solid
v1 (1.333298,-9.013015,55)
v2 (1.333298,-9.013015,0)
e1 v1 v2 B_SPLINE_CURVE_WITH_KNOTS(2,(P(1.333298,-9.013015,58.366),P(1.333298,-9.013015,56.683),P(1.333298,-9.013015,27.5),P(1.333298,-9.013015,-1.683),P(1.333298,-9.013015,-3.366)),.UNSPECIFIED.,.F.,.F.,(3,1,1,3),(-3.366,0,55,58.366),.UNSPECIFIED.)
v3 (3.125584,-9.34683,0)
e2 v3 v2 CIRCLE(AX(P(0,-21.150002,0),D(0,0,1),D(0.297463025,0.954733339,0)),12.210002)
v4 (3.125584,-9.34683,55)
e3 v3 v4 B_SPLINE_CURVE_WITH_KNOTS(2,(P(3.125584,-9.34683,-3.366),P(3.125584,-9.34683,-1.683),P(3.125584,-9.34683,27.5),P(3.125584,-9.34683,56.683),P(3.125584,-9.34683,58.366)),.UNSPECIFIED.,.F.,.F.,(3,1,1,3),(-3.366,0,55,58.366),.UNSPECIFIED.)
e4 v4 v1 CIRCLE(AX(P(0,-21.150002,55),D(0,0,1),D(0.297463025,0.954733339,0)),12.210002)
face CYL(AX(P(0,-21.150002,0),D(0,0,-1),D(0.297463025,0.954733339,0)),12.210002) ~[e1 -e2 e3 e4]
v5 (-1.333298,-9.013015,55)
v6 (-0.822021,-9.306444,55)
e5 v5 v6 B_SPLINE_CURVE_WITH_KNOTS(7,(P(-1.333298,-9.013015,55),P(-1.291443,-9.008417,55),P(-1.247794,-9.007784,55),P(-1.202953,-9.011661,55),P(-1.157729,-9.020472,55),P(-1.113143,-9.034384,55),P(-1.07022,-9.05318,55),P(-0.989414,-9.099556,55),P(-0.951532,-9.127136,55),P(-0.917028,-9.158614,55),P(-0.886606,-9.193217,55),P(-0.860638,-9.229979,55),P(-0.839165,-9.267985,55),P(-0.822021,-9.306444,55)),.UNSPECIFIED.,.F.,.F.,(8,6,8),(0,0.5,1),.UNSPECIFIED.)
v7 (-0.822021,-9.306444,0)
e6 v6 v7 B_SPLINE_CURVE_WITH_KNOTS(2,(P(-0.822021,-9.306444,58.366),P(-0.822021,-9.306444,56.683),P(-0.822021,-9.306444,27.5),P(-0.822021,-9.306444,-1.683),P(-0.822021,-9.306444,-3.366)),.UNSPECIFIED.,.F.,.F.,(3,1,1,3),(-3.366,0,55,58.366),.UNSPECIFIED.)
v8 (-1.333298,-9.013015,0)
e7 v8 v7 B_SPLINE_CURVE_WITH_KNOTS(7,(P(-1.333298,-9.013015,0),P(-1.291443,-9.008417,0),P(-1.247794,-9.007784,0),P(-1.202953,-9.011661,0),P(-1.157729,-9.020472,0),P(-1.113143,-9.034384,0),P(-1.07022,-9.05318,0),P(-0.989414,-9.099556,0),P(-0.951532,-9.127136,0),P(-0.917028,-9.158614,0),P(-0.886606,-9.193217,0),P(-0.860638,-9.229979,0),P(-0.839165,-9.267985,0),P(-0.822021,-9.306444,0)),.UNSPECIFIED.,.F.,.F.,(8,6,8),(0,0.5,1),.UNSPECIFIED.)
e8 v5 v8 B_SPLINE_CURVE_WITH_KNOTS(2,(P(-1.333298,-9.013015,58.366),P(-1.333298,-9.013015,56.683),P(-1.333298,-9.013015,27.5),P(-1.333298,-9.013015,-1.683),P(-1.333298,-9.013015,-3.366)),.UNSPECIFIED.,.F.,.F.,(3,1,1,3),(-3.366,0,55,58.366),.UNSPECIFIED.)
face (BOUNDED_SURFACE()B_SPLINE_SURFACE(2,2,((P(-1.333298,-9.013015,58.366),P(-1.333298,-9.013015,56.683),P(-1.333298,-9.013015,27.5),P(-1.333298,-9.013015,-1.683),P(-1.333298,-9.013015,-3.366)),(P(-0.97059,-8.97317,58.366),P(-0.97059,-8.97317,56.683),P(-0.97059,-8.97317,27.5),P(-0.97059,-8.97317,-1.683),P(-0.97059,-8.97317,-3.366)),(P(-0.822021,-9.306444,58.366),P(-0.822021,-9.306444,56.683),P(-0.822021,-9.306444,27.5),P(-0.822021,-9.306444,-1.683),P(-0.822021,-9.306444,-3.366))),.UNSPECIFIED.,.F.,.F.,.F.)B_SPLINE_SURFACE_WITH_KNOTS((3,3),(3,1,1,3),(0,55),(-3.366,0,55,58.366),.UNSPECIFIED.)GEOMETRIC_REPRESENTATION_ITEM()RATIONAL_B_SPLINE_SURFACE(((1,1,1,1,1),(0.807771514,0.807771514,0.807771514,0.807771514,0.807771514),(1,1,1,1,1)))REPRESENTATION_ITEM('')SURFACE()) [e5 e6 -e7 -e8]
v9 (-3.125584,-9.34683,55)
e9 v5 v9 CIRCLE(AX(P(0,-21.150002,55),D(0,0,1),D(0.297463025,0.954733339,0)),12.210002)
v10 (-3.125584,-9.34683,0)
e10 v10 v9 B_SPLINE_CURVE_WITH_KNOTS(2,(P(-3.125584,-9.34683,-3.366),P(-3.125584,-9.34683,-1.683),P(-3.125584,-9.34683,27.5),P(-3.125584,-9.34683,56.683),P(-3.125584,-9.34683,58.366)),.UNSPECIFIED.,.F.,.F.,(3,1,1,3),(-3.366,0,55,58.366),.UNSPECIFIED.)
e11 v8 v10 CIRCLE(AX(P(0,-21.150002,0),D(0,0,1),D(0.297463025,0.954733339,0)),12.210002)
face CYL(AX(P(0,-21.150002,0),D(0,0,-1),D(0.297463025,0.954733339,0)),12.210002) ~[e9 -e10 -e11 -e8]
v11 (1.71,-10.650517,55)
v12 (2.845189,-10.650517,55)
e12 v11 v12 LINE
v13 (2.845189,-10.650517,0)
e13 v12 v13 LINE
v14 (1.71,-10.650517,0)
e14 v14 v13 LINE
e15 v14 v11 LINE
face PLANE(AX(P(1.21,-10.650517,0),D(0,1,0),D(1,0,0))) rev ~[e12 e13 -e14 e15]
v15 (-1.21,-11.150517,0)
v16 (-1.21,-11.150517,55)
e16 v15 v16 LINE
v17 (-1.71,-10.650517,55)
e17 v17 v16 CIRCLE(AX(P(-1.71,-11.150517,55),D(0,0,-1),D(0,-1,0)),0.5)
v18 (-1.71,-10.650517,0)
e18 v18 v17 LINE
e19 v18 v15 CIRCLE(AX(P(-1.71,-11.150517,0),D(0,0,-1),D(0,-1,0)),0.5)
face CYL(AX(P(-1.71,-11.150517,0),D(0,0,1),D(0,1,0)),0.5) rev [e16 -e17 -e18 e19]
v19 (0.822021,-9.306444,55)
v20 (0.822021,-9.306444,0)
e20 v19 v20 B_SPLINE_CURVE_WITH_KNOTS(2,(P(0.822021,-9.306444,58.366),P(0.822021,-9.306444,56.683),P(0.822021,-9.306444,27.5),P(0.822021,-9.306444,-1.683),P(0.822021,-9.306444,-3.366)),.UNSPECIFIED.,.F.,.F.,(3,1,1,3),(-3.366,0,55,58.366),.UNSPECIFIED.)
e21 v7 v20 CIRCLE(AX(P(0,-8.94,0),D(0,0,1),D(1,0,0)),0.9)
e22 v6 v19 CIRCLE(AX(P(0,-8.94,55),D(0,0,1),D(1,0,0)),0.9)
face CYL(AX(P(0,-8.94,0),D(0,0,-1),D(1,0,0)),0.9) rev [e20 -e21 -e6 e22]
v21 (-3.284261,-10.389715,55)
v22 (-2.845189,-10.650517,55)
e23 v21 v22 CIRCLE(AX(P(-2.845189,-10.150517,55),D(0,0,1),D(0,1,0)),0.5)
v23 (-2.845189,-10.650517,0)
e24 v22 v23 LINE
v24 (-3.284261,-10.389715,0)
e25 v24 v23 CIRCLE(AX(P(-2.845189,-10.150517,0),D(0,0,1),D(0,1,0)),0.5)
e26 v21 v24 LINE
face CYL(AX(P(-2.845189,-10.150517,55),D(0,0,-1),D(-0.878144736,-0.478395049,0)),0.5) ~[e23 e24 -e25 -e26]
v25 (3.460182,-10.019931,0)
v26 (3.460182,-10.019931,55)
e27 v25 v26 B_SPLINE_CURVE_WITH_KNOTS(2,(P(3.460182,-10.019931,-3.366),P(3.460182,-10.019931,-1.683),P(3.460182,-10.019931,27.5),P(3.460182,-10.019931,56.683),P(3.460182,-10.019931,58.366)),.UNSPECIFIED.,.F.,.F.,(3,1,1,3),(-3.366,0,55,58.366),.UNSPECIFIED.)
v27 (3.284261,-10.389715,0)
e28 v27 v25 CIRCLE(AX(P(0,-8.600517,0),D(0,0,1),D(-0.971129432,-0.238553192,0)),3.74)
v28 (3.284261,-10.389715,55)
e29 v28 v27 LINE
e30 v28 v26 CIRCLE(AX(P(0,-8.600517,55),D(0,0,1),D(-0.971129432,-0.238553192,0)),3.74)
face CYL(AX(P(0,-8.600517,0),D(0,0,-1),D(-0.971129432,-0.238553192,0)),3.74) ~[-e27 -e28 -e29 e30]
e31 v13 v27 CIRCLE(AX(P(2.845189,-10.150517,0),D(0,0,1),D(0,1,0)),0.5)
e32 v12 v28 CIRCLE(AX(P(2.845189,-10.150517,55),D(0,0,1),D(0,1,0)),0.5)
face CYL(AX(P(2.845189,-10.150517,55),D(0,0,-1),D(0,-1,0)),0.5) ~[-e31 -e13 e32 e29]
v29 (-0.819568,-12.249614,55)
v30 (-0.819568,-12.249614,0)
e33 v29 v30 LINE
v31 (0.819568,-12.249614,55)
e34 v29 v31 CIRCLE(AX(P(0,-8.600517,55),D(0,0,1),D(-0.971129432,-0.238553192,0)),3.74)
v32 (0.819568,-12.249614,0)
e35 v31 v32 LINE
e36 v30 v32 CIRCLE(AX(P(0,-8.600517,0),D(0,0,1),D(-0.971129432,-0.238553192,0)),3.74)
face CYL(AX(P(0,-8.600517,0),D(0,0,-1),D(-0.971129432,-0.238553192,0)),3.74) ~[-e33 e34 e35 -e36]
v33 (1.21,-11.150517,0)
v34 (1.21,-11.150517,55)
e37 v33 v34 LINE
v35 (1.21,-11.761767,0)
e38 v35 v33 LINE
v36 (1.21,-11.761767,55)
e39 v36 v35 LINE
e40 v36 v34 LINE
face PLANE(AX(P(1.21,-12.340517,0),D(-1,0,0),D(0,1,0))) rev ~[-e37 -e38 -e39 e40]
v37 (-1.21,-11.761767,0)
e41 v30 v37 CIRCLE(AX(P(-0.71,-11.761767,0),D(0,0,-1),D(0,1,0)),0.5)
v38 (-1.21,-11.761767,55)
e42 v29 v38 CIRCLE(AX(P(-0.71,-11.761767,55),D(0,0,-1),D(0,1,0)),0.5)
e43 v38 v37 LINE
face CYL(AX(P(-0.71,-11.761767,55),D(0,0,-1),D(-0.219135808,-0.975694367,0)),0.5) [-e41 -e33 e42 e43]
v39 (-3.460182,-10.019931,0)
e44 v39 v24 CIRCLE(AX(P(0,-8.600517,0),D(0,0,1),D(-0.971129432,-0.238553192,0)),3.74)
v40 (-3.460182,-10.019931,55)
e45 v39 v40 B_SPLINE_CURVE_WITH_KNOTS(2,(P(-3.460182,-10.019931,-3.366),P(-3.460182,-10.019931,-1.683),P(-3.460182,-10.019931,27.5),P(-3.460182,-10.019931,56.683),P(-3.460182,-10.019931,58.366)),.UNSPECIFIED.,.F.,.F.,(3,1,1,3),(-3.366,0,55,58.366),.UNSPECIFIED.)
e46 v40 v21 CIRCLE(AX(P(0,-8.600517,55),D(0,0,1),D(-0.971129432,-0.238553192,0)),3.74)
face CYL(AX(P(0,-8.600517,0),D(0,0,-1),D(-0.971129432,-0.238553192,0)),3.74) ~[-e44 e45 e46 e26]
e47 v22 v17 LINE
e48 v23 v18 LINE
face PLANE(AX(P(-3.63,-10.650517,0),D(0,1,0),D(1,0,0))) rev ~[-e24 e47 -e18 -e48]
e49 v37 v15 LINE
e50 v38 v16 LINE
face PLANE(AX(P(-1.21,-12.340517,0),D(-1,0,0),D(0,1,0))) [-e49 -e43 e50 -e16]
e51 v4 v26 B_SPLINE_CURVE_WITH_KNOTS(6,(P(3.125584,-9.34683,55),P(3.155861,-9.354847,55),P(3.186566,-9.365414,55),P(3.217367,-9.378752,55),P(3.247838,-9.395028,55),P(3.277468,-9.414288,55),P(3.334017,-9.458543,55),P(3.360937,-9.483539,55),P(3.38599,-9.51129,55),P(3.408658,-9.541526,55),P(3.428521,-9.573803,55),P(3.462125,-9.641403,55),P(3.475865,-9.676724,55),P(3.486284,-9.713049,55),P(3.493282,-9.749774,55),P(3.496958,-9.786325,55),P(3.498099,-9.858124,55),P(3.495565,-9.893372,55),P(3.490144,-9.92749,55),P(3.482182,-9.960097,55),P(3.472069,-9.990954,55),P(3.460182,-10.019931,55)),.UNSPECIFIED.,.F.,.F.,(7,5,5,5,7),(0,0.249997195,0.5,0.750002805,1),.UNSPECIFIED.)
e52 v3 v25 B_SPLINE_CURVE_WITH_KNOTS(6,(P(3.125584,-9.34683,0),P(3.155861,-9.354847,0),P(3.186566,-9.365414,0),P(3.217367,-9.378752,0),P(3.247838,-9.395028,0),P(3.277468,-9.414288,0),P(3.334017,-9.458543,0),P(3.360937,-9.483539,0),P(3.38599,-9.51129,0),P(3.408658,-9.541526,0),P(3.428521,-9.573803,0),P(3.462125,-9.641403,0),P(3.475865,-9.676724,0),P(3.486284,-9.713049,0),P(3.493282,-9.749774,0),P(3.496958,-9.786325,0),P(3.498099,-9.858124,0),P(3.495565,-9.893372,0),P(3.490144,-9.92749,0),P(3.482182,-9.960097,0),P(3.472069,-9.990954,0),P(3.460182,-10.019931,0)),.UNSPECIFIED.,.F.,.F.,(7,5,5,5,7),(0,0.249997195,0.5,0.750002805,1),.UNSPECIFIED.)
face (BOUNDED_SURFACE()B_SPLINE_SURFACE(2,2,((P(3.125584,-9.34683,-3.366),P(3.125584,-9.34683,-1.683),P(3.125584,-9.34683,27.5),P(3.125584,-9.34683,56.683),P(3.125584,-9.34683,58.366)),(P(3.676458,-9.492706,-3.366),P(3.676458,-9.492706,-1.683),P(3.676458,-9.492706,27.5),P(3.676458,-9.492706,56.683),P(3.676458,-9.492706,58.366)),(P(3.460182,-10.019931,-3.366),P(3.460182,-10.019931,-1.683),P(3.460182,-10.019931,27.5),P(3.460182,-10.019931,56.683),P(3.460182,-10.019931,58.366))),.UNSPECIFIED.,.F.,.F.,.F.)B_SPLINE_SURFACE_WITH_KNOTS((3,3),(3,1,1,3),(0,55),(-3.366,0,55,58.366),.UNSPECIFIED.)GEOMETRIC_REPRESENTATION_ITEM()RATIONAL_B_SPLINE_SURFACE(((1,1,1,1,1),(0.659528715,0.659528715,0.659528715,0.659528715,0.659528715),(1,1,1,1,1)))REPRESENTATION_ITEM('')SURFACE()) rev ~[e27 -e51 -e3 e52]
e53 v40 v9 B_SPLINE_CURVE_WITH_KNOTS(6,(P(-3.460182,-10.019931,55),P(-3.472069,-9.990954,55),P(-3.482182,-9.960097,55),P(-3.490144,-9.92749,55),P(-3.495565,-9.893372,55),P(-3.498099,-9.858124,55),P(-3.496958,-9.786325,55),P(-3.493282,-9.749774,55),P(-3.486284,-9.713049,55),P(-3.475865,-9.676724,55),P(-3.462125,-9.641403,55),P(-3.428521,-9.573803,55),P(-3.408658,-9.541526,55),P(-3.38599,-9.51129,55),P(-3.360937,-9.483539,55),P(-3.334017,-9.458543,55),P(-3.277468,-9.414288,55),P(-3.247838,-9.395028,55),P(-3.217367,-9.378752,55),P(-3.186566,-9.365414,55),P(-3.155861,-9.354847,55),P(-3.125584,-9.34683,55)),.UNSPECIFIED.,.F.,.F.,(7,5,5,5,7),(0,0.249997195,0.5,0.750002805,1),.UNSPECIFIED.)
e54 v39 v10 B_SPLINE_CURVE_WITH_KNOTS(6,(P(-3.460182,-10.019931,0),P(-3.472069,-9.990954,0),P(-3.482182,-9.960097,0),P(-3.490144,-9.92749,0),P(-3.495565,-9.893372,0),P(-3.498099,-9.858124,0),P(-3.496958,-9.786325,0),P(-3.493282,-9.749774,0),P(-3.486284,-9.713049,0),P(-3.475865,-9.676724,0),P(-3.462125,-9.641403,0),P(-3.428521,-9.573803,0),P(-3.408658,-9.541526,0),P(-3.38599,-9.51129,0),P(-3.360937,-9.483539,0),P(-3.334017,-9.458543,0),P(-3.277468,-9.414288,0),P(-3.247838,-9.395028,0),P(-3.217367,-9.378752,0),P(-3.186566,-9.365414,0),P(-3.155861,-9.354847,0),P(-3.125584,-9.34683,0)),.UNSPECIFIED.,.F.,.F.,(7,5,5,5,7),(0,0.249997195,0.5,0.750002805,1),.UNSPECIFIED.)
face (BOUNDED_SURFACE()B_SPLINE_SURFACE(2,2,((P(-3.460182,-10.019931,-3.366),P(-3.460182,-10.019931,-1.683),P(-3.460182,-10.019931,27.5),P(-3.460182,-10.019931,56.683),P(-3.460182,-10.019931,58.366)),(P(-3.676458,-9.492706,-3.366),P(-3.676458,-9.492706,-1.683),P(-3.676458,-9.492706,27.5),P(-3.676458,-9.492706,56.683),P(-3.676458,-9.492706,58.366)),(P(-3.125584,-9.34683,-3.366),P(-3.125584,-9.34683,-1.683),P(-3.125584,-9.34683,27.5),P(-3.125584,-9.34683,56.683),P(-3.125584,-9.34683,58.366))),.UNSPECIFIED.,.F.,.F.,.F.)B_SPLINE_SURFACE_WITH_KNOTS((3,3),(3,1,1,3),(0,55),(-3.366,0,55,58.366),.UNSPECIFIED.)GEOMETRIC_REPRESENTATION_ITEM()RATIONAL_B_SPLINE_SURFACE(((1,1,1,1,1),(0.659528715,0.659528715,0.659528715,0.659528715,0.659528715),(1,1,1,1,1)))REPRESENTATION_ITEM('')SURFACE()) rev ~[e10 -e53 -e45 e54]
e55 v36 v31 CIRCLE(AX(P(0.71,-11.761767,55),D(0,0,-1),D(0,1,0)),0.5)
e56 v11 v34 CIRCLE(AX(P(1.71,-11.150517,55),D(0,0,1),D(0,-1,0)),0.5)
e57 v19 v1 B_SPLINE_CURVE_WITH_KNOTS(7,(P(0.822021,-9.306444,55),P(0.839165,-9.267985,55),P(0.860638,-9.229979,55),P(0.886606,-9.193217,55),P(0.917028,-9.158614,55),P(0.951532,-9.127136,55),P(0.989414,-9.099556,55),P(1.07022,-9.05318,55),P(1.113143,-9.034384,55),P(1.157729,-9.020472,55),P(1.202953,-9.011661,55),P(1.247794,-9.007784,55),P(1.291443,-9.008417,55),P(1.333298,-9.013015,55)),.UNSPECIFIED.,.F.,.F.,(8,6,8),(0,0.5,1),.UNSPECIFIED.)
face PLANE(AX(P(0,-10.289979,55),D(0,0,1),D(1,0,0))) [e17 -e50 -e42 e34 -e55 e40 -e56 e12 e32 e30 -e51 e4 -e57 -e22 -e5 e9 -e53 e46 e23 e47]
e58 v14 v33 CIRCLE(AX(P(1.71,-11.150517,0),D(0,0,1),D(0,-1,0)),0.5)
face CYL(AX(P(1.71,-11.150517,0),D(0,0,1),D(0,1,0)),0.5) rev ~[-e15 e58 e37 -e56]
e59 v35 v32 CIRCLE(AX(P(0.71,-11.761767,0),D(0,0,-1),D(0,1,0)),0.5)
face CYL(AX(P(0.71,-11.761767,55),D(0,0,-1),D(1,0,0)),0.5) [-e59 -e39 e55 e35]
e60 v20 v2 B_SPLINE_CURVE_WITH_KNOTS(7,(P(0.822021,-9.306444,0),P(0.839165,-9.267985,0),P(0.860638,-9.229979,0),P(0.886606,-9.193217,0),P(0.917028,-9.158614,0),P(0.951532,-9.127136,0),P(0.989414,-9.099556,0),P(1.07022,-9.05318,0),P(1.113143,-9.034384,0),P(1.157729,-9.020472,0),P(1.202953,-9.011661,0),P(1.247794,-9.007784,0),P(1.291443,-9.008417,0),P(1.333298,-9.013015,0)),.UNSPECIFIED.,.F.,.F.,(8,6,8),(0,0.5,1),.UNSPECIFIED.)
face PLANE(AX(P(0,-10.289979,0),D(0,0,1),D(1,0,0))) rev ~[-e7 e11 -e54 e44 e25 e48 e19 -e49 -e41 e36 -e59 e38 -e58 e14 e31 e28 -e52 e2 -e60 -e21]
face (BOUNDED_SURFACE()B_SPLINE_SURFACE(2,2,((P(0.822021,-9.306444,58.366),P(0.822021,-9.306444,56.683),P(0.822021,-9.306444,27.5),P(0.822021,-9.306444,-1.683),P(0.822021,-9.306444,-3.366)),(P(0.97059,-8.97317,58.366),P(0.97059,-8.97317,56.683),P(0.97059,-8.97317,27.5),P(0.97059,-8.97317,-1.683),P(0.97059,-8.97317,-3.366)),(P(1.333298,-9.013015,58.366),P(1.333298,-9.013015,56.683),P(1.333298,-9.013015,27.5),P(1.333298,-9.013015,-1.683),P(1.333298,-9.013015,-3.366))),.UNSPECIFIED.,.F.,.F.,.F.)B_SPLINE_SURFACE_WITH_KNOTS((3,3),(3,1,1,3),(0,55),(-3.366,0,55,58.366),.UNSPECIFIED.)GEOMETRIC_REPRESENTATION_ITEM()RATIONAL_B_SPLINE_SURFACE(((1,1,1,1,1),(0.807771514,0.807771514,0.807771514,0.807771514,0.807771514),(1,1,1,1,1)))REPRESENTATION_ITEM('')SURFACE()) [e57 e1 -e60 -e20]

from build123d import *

# Parameters (mm, degrees)
CYLINDER001_R     = 0.9
CYLINDER001_DEPTH = 55
BOX006_W          = 2.42
BOX006_H          = 1.69
BOX006_DEPTH      = 55
BOX005_W          = 2.42
BOX005_H          = 1.69
BOX005_DEPTH      = 55
EXTRUDE010_DEPTH  = 55
FILLET010_R       = 0.5


with BuildPart() as cilindro:
    # Cylinder001 → Cylinder001 (new body)
    with BuildSketch(Plane(origin=(0, 12.21, 0), x_dir=(1, 0, 0), z_dir=(0, 0, 1))):
        Circle(CYLINDER001_R)
    extrude(amount=CYLINDER001_DEPTH)


with BuildPart() as cubo_der:
    # Box006 → Box006 (new body)
    with BuildSketch(Plane(origin=(1.21, 8.809483, 0), x_dir=(1, 0, 0), z_dir=(0, 0, 1))):
        with Locations((1.21, 0.845)):
            Rectangle(BOX006_W, BOX006_H)
    extrude(amount=BOX006_DEPTH)


with BuildPart() as cubo_izq:
    # Box005 → Box005 (new body)
    with BuildSketch(Plane(origin=(-3.63, 8.809483, 0), x_dir=(1, 0, 0), z_dir=(0, 0, 1))):
        with Locations((1.21, 0.845)):
            Rectangle(BOX005_W, BOX005_H)
    extrude(amount=BOX005_DEPTH)


with BuildPart() as barrote_nuevo_final_peq:
    # Sketch009 → Extrude010 (new body)
    with BuildSketch(Plane.XY):
        with BuildLine():
            ThreePointArc((-3.632024, 11.657294), (0, 8.809483), (3.632024, 11.657294))
            ThreePointArc((3.632024, 11.657294), (0, 12.21), (-3.632024, 11.657294))
        make_face()
    extrude(amount=EXTRUDE010_DEPTH)

    # Cut004: cut Cubo izq
    add(cubo_izq.part, mode=Mode.SUBTRACT)

    # Cut005: cut Cubo der
    add(cubo_der.part, mode=Mode.SUBTRACT)

    # Cut006: cut Cilindro
    add(cilindro.part, mode=Mode.SUBTRACT)

    # Fillet010
    fillet010_edges = [barrote_nuevo_final_peq.edges().sort_by_distance(p)[0] for p in [
        (-3.128114, 10.499483, 27.5),
        (-3.632024, 11.657294, 27.5),
        (-1.21, 10.499483, 27.5),
        (-0.899389, 12.17683, 27.5),
        (3.128114, 10.499483, 27.5),
        (1.21, 10.499483, 27.5),
        (1.21, 9.010627, 27.5),
        (-1.21, 9.010627, 27.5),
        (0.899389, 12.17683, 27.5),
        (3.632024, 11.657294, 27.5),
    ]]
    fillet(fillet010_edges, radius=FILLET010_R)


with BuildPart() as barrote_nuevo_final_peq_1:
    # Clone017 placement: moved
    add(barrote_nuevo_final_peq.part.moved(Location((0, -21.15, 0))))


solid = barrote_nuevo_final_peq_1.part
